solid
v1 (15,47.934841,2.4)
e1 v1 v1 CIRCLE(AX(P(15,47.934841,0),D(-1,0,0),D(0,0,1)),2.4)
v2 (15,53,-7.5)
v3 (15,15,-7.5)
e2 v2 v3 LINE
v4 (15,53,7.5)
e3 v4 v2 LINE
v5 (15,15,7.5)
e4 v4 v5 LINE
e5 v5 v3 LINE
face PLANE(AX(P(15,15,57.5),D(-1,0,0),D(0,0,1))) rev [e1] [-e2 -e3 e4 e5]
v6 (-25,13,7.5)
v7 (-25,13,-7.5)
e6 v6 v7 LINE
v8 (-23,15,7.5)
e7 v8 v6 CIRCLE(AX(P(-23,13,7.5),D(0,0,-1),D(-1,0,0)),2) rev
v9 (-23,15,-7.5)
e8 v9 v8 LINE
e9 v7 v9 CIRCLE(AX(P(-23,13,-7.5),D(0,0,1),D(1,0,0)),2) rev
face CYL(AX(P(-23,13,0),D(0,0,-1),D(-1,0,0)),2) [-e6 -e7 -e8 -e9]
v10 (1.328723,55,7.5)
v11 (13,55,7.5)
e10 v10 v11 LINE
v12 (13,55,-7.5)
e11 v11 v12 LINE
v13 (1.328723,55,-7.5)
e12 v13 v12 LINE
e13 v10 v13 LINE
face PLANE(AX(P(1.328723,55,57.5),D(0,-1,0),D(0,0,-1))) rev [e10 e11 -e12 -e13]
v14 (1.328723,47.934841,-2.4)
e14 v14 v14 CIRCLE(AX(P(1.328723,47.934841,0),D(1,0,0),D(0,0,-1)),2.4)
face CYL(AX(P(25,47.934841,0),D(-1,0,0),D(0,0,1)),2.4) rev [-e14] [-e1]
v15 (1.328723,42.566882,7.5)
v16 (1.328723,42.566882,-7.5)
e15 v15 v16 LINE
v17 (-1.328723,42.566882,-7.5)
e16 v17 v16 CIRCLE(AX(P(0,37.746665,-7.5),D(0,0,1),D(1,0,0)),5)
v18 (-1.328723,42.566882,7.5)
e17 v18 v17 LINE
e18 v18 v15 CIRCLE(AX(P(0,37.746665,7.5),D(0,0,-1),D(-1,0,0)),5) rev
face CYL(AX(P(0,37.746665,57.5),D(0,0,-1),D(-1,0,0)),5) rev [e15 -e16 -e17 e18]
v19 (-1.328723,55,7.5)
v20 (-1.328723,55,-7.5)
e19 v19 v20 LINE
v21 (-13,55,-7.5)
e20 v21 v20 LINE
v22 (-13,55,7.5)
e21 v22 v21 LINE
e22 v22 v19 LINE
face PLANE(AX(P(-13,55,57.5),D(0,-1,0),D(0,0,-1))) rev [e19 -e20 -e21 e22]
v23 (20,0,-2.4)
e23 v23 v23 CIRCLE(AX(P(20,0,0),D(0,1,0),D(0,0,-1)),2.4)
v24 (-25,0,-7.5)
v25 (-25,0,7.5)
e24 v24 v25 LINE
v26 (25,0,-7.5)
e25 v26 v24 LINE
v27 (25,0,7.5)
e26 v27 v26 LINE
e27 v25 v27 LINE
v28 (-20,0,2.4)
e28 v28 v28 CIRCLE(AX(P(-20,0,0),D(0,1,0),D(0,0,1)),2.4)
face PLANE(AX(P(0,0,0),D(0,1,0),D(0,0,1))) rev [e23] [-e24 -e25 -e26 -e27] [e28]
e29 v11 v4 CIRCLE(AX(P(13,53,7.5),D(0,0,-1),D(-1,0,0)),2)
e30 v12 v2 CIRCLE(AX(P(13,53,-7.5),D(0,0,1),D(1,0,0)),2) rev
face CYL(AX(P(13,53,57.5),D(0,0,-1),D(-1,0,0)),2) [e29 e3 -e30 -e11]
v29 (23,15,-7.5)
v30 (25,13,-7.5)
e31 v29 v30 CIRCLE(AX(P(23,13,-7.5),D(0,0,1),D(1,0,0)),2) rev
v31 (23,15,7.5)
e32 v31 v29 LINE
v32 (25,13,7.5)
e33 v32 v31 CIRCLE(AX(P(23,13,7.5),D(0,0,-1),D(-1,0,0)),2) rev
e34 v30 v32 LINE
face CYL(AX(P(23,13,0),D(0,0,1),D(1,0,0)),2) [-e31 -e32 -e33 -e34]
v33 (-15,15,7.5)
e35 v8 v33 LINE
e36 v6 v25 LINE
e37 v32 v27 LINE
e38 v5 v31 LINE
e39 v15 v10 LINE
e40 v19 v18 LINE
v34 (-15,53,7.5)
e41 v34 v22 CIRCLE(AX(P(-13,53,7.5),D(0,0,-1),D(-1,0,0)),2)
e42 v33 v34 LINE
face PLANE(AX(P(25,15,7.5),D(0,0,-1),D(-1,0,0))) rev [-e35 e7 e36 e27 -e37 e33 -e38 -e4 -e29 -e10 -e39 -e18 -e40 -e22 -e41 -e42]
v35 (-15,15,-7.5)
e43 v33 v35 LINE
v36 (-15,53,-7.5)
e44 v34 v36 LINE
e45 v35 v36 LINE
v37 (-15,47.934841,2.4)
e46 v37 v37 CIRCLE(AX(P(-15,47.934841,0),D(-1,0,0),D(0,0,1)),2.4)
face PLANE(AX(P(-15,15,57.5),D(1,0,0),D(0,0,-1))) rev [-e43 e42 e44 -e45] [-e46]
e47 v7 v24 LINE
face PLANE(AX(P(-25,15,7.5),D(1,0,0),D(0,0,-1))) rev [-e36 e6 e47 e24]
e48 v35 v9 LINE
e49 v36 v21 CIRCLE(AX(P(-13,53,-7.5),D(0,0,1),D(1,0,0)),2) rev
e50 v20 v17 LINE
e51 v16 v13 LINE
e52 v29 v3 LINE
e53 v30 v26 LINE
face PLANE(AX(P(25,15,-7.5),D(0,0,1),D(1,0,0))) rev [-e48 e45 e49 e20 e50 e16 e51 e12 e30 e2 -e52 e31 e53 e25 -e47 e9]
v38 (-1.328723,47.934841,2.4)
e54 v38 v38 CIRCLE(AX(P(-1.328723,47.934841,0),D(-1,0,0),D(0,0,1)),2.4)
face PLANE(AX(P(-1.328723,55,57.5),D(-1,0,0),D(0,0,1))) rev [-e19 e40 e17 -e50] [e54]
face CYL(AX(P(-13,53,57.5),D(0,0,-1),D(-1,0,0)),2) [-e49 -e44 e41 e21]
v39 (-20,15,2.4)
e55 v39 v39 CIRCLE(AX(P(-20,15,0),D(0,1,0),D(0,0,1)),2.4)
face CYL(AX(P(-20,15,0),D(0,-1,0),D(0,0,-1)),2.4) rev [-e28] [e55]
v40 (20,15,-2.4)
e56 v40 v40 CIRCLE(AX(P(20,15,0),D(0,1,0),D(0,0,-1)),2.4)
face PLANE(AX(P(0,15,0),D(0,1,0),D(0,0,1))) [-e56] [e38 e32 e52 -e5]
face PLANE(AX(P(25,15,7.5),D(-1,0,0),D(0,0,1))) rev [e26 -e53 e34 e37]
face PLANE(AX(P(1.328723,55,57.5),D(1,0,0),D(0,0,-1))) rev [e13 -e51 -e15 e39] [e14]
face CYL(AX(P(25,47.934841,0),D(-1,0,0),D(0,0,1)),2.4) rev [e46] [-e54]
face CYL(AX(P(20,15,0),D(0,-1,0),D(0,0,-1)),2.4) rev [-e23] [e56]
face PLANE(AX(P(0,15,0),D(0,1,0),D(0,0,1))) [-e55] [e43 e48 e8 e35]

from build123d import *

# Parameters (mm, degrees)
SKETCH1_W                       = 50
SKETCH1_H                       = 15
SKETCH1_R                       = 2.4
BOSS_EXTRUDE1_DEPTH             = 15
BOSS_EXTRUDE2_REACH             = 32.104
BOSS_EXTRUDE2_DIRECTION_2_REACH = 32.104
FILLET1_R                       = 2
SKETCH4_R                       = 2.4
CUT_EXTRUDE1_DEPTH              = 69.419660917


with BuildPart() as part:
    # Sketch1 → Boss-Extrude1 (new body)
    with BuildSketch(Plane(origin=(0, 0, 0), x_dir=(1, 0, 0), z_dir=(0, 1, 0))):
        Rectangle(SKETCH1_W, SKETCH1_H)
        with Locations((-20, 0)):
            Circle(SKETCH1_R, mode=Mode.SUBTRACT)
        with Locations((20, 0)):
            Circle(SKETCH1_R, mode=Mode.SUBTRACT)
    extrude(amount=BOSS_EXTRUDE1_DEPTH)

    # Boss-Extrude2: up to this face of the body (flat: up to its plane)
    boss_extrude2_end = Plane(part.part.faces().sort_by_distance((0, 7.5, 7.5))[0])
    # Sketch3 → Boss-Extrude2 (add, up to the picked face)
    with BuildSketch(Plane.XY, mode=Mode.PRIVATE) as boss_extrude2_sk1:
        with BuildLine():
            Line((1.328723236, 55), (1.328723236, 42.566882454))
            ThreePointArc((1.328723236, 42.566882454), (0, 32.746665181), (-1.328723236, 42.566882454))
            Line((-1.328723236, 42.566882454), (-1.328723236, 55))
            Line((-1.328723236, 55), (-3.865793159, 55))
            Line((-3.865793159, 55), (-13, 55))
            ThreePointArc((-13, 55), (-14.414213562, 54.414213562), (-15, 53))
            Line((-15, 53), (-15, 15))
            Line((-15, 15), (15, 15))
            Line((15, 15), (15, 53))
            ThreePointArc((15, 53), (14.414213562, 54.414213562), (13, 55))
            Line((13, 55), (3.865793159, 55))
            Line((3.865793159, 55), (1.328723236, 55))
        make_face()
    boss_extrude2_tool1 = split(extrude(boss_extrude2_sk1.sketch, amount=BOSS_EXTRUDE2_REACH, mode=Mode.PRIVATE), bisect_by=boss_extrude2_end, keep=Keep.BOTH, mode=Mode.PRIVATE)
    add(boss_extrude2_tool1.solids().sort_by(Axis((14.06066, 54.06066, 0), (0, 0, 1)))[0])

    # Boss-Extrude2 direction 2: up to this face of the body (flat: up to its plane)
    boss_extrude2_direction_2_end = Plane(part.part.faces().sort_by_distance((0, 7.5, -7.5))[0])
    # Sketch3 → Boss-Extrude2 direction 2 (add, up to the picked face)
    with BuildSketch(Plane.XY, mode=Mode.PRIVATE) as boss_extrude2_direction_2_sk1:
        with BuildLine():
            Line((1.328723236, 55), (1.328723236, 42.566882454))
            ThreePointArc((1.328723236, 42.566882454), (0, 32.746665181), (-1.328723236, 42.566882454))
            Line((-1.328723236, 42.566882454), (-1.328723236, 55))
            Line((-1.328723236, 55), (-3.865793159, 55))
            Line((-3.865793159, 55), (-13, 55))
            ThreePointArc((-13, 55), (-14.414213562, 54.414213562), (-15, 53))
            Line((-15, 53), (-15, 15))
            Line((-15, 15), (15, 15))
            Line((15, 15), (15, 53))
            ThreePointArc((15, 53), (14.414213562, 54.414213562), (13, 55))
            Line((13, 55), (3.865793159, 55))
            Line((3.865793159, 55), (1.328723236, 55))
        make_face()
    boss_extrude2_direction_2_tool1 = split(extrude(boss_extrude2_direction_2_sk1.sketch, amount=-BOSS_EXTRUDE2_DIRECTION_2_REACH, mode=Mode.PRIVATE), bisect_by=boss_extrude2_direction_2_end, keep=Keep.BOTH, mode=Mode.PRIVATE)
    add(boss_extrude2_direction_2_tool1.solids().sort_by(Axis((14.06066, 54.06066, 0), (0, 0, -1)))[0])

    # Fillet1
    fillet1_edges = [part.edges().sort_by_distance(p)[0] for p in [
        (-25, 15, 0),
        (25, 15, 0),
    ]]
    fillet(fillet1_edges, radius=FILLET1_R)

    # Sketch4 → Cut-Extrude1 (cut, through all)
    with BuildSketch(Plane.ZY.offset(15)):
        with Locations((0, 47.934840873)):
            Circle(SKETCH4_R)
    extrude(amount=-CUT_EXTRUDE1_DEPTH, mode=Mode.SUBTRACT)


solid = part.part
